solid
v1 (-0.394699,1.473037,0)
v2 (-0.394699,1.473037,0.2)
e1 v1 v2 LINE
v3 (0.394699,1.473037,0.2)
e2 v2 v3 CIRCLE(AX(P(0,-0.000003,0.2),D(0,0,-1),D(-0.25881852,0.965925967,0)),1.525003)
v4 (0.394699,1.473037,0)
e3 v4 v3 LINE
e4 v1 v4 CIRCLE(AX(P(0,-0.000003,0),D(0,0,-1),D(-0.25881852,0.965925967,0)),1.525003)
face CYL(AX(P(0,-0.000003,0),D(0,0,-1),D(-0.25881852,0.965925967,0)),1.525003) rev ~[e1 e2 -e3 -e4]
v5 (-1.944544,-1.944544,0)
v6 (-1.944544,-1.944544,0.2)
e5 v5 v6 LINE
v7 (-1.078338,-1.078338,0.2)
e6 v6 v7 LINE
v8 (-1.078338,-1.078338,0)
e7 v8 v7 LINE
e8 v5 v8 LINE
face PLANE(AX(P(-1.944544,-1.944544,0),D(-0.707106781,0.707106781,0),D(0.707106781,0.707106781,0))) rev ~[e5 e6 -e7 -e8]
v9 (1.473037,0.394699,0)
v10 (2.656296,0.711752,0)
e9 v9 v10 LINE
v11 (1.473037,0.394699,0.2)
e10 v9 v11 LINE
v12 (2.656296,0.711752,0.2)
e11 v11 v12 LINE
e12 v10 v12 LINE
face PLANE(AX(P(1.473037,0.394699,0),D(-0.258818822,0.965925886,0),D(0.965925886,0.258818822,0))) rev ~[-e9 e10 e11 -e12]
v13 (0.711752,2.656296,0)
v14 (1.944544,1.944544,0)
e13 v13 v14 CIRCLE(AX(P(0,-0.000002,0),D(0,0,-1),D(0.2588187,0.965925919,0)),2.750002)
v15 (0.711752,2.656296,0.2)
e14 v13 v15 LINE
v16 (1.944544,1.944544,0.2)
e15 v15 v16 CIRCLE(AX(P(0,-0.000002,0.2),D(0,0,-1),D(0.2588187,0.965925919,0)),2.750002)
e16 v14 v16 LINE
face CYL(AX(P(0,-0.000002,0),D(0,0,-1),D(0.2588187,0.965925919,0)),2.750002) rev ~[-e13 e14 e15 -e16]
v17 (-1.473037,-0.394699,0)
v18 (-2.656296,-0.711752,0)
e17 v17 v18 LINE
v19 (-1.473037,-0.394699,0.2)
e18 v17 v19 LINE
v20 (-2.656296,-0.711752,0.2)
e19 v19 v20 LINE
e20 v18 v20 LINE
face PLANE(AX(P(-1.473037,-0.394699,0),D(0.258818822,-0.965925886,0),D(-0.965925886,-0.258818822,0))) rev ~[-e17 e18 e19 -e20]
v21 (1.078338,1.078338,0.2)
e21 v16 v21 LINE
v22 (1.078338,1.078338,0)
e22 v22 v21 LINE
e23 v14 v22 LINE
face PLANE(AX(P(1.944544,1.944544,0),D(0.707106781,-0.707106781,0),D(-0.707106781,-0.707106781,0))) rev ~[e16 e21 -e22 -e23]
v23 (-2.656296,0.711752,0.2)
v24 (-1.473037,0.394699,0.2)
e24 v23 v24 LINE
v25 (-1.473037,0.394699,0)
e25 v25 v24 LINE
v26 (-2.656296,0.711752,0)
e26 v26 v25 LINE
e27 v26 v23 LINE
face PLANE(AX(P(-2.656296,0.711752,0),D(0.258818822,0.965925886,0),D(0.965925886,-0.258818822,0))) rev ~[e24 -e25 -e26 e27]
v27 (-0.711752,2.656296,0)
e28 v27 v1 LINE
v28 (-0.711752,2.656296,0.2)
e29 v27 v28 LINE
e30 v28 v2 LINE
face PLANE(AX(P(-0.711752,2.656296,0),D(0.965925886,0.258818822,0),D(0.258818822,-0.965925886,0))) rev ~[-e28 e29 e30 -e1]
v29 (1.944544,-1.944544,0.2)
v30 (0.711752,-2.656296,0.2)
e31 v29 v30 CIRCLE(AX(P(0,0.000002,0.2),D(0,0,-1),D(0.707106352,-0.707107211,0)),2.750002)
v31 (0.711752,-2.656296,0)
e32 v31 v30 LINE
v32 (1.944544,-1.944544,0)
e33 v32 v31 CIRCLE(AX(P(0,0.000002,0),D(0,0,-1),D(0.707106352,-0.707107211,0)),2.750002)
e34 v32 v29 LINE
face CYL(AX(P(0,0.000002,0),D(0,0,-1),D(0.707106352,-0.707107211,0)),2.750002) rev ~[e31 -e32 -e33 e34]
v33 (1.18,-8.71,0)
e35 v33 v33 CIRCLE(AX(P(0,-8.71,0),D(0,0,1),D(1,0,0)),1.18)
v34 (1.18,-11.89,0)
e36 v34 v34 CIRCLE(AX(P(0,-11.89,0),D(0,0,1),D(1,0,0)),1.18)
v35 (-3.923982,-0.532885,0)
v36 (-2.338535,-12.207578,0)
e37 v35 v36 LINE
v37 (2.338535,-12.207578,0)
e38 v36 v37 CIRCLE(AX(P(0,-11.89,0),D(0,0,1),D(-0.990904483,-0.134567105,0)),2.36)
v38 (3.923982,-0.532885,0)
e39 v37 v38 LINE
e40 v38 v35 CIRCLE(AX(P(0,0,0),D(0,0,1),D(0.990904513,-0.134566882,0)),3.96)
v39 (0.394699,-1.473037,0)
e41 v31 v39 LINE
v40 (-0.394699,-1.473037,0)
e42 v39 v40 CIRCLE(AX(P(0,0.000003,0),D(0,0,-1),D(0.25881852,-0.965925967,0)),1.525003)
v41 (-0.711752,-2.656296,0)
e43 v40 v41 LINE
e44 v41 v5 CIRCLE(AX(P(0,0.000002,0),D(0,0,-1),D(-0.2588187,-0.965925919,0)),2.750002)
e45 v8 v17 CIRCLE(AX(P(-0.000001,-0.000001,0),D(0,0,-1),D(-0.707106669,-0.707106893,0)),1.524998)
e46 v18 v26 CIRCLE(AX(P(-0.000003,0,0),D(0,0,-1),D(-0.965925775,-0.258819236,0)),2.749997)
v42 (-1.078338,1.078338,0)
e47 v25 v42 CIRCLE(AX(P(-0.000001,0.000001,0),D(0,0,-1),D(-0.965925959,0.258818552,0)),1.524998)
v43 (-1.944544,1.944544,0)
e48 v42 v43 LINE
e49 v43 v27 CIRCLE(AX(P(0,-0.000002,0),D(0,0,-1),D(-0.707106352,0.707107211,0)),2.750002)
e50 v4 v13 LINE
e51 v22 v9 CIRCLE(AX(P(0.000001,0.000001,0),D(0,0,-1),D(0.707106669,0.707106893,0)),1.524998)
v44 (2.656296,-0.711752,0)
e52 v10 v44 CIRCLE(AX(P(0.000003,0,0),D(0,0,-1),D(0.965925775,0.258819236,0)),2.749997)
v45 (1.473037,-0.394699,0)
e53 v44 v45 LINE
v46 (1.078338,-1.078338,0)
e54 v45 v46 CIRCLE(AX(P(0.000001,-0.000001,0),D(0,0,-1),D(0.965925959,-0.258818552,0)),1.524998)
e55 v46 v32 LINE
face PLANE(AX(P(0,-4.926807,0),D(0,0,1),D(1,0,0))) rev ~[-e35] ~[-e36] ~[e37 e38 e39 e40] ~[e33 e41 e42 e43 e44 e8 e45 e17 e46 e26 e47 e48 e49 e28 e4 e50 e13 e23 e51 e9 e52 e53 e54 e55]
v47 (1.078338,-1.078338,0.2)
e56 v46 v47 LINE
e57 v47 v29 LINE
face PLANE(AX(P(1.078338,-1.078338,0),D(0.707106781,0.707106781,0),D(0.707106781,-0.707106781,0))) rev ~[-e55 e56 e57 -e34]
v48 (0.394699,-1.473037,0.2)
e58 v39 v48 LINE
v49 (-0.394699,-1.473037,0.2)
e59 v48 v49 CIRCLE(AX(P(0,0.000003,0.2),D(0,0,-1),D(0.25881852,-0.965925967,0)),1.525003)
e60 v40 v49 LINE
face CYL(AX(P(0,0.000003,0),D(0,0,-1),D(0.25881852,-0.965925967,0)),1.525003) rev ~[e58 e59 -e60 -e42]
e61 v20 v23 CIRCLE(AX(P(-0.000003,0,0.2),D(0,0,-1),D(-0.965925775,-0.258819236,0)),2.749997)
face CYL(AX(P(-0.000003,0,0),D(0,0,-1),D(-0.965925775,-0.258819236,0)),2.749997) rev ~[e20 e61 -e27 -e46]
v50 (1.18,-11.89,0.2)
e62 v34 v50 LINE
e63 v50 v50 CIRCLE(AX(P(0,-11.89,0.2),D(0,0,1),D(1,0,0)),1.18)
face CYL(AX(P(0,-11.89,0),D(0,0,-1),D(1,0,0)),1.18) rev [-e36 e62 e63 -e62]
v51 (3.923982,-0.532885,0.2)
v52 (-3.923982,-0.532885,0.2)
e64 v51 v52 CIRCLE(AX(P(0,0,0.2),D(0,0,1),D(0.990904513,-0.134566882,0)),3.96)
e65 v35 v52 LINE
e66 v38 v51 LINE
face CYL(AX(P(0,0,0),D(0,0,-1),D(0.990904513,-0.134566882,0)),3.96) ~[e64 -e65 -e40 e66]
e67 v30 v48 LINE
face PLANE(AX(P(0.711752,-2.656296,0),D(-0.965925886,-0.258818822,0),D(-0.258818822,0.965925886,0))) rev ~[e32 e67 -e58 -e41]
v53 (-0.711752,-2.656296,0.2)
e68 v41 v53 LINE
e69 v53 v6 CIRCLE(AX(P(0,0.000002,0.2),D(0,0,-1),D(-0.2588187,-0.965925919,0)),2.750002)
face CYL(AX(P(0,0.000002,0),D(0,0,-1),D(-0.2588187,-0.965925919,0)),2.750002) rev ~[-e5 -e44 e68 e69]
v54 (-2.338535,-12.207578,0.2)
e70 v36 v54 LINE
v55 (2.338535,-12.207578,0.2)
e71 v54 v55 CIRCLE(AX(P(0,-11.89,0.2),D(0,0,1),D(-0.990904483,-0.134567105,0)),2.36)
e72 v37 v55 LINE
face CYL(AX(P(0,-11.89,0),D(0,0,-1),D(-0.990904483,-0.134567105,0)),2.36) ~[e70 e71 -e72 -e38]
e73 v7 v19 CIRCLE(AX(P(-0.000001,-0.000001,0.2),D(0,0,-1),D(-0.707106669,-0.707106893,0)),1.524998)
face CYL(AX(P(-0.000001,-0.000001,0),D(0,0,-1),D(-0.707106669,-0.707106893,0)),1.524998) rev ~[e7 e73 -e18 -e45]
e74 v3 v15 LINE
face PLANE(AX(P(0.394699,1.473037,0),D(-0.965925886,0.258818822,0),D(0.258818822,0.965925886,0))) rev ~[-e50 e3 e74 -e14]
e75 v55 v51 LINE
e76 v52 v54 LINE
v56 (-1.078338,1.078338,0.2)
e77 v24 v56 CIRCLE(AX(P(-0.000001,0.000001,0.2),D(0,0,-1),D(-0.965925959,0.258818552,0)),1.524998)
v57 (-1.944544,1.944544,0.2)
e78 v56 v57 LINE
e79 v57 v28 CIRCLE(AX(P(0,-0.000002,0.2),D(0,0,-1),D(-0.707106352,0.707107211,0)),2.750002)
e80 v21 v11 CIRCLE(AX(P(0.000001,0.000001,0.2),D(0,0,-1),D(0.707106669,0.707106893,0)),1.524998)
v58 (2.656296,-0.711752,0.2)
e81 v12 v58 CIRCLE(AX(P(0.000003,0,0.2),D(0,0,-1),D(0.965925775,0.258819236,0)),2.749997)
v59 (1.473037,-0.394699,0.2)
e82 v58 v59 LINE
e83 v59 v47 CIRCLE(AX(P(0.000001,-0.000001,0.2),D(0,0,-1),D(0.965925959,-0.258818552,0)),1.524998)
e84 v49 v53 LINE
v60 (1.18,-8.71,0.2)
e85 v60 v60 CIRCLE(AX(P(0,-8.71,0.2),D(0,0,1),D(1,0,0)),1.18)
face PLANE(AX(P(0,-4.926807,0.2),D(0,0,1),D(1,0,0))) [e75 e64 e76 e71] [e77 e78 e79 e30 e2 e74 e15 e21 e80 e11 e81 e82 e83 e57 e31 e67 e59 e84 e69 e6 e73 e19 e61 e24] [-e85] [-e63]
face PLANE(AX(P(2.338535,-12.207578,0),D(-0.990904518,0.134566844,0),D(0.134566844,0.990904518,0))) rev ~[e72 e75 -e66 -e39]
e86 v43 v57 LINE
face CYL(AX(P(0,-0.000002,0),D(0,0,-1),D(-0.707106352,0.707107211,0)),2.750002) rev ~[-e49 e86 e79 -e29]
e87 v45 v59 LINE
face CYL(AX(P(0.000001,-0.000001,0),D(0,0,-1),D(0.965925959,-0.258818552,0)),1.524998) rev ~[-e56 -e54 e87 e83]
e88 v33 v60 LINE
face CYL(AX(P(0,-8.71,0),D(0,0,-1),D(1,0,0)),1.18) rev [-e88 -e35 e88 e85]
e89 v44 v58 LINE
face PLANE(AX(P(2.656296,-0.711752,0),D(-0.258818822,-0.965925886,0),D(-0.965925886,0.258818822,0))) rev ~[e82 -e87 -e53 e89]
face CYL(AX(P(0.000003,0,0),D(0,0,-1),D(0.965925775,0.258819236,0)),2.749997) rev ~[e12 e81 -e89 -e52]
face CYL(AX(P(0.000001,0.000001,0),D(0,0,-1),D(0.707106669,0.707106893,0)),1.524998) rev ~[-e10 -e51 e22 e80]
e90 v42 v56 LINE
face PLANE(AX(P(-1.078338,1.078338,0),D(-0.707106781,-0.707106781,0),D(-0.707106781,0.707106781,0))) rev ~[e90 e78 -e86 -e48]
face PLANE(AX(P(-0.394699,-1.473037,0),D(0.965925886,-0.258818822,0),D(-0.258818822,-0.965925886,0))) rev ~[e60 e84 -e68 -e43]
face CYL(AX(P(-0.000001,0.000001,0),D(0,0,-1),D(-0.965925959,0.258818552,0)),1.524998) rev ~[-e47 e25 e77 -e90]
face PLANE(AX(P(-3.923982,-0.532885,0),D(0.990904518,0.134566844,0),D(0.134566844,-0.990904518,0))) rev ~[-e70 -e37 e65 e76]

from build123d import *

# Parameters (mm, degrees)
F0_R     = 1.18
F1_DEPTH = 0.2


with BuildPart() as f1:
    # F0 (on Top) → F1 (new body)
    with BuildSketch(Plane.XY):
        with BuildLine():
            Line((2.338535, -12.207578), (3.923982, -0.532885))
            ThreePointArc((3.923982, -0.532885), (0, 3.96), (-3.923982, -0.532885))
            Line((-3.923982, -0.532885), (-2.338535, -12.207578))
            ThreePointArc((-2.338535, -12.207578), (0, -14.25), (2.338535, -12.207578))
        make_face()
        with Locations((0, -11.89)):
            Circle(F0_R, mode=Mode.SUBTRACT)
        with Locations((0, -8.71)):
            Circle(F0_R, mode=Mode.SUBTRACT)
        with BuildLine():
            ThreePointArc((-1.078338, -1.078338), (-1.320689, -0.7625), (-1.473037, -0.394699))
            Line((-1.473037, -0.394699), (-2.656296, -0.711752))
            ThreePointArc((-2.656296, -0.711752), (-2.75, 0), (-2.656296, 0.711752))
            Line((-2.656296, 0.711752), (-1.473037, 0.394699))
            ThreePointArc((-1.473037, 0.394699), (-1.320689, 0.7625), (-1.078338, 1.078338))
            Line((-1.078338, 1.078338), (-1.944544, 1.944544))
            ThreePointArc((-1.944544, 1.944544), (-1.375, 2.38157), (-0.711752, 2.656296))
            Line((-0.711752, 2.656296), (-0.394699, 1.473037))
            ThreePointArc((-0.394699, 1.473037), (0, 1.525), (0.394699, 1.473037))
            Line((0.394699, 1.473037), (0.711752, 2.656296))
            ThreePointArc((0.711752, 2.656296), (1.375, 2.38157), (1.944544, 1.944544))
            Line((1.944544, 1.944544), (1.078338, 1.078338))
            ThreePointArc((1.078338, 1.078338), (1.320689, 0.7625), (1.473037, 0.394699))
            Line((1.473037, 0.394699), (2.656296, 0.711752))
            ThreePointArc((2.656296, 0.711752), (2.75, 0), (2.656296, -0.711752))
            Line((2.656296, -0.711752), (1.473037, -0.394699))
            ThreePointArc((1.473037, -0.394699), (1.320689, -0.7625), (1.078338, -1.078338))
            Line((1.078338, -1.078338), (1.944544, -1.944544))
            ThreePointArc((1.944544, -1.944544), (1.375, -2.38157), (0.711752, -2.656296))
            Line((0.711752, -2.656296), (0.394699, -1.473037))
            ThreePointArc((0.394699, -1.473037), (0, -1.525), (-0.394699, -1.473037))
            Line((-0.394699, -1.473037), (-0.711752, -2.656296))
            ThreePointArc((-0.711752, -2.656296), (-1.375, -2.38157), (-1.944544, -1.944544))
            Line((-1.944544, -1.944544), (-1.078338, -1.078338))
        make_face(mode=Mode.SUBTRACT)
    extrude(amount=F1_DEPTH)


solid = f1.part
